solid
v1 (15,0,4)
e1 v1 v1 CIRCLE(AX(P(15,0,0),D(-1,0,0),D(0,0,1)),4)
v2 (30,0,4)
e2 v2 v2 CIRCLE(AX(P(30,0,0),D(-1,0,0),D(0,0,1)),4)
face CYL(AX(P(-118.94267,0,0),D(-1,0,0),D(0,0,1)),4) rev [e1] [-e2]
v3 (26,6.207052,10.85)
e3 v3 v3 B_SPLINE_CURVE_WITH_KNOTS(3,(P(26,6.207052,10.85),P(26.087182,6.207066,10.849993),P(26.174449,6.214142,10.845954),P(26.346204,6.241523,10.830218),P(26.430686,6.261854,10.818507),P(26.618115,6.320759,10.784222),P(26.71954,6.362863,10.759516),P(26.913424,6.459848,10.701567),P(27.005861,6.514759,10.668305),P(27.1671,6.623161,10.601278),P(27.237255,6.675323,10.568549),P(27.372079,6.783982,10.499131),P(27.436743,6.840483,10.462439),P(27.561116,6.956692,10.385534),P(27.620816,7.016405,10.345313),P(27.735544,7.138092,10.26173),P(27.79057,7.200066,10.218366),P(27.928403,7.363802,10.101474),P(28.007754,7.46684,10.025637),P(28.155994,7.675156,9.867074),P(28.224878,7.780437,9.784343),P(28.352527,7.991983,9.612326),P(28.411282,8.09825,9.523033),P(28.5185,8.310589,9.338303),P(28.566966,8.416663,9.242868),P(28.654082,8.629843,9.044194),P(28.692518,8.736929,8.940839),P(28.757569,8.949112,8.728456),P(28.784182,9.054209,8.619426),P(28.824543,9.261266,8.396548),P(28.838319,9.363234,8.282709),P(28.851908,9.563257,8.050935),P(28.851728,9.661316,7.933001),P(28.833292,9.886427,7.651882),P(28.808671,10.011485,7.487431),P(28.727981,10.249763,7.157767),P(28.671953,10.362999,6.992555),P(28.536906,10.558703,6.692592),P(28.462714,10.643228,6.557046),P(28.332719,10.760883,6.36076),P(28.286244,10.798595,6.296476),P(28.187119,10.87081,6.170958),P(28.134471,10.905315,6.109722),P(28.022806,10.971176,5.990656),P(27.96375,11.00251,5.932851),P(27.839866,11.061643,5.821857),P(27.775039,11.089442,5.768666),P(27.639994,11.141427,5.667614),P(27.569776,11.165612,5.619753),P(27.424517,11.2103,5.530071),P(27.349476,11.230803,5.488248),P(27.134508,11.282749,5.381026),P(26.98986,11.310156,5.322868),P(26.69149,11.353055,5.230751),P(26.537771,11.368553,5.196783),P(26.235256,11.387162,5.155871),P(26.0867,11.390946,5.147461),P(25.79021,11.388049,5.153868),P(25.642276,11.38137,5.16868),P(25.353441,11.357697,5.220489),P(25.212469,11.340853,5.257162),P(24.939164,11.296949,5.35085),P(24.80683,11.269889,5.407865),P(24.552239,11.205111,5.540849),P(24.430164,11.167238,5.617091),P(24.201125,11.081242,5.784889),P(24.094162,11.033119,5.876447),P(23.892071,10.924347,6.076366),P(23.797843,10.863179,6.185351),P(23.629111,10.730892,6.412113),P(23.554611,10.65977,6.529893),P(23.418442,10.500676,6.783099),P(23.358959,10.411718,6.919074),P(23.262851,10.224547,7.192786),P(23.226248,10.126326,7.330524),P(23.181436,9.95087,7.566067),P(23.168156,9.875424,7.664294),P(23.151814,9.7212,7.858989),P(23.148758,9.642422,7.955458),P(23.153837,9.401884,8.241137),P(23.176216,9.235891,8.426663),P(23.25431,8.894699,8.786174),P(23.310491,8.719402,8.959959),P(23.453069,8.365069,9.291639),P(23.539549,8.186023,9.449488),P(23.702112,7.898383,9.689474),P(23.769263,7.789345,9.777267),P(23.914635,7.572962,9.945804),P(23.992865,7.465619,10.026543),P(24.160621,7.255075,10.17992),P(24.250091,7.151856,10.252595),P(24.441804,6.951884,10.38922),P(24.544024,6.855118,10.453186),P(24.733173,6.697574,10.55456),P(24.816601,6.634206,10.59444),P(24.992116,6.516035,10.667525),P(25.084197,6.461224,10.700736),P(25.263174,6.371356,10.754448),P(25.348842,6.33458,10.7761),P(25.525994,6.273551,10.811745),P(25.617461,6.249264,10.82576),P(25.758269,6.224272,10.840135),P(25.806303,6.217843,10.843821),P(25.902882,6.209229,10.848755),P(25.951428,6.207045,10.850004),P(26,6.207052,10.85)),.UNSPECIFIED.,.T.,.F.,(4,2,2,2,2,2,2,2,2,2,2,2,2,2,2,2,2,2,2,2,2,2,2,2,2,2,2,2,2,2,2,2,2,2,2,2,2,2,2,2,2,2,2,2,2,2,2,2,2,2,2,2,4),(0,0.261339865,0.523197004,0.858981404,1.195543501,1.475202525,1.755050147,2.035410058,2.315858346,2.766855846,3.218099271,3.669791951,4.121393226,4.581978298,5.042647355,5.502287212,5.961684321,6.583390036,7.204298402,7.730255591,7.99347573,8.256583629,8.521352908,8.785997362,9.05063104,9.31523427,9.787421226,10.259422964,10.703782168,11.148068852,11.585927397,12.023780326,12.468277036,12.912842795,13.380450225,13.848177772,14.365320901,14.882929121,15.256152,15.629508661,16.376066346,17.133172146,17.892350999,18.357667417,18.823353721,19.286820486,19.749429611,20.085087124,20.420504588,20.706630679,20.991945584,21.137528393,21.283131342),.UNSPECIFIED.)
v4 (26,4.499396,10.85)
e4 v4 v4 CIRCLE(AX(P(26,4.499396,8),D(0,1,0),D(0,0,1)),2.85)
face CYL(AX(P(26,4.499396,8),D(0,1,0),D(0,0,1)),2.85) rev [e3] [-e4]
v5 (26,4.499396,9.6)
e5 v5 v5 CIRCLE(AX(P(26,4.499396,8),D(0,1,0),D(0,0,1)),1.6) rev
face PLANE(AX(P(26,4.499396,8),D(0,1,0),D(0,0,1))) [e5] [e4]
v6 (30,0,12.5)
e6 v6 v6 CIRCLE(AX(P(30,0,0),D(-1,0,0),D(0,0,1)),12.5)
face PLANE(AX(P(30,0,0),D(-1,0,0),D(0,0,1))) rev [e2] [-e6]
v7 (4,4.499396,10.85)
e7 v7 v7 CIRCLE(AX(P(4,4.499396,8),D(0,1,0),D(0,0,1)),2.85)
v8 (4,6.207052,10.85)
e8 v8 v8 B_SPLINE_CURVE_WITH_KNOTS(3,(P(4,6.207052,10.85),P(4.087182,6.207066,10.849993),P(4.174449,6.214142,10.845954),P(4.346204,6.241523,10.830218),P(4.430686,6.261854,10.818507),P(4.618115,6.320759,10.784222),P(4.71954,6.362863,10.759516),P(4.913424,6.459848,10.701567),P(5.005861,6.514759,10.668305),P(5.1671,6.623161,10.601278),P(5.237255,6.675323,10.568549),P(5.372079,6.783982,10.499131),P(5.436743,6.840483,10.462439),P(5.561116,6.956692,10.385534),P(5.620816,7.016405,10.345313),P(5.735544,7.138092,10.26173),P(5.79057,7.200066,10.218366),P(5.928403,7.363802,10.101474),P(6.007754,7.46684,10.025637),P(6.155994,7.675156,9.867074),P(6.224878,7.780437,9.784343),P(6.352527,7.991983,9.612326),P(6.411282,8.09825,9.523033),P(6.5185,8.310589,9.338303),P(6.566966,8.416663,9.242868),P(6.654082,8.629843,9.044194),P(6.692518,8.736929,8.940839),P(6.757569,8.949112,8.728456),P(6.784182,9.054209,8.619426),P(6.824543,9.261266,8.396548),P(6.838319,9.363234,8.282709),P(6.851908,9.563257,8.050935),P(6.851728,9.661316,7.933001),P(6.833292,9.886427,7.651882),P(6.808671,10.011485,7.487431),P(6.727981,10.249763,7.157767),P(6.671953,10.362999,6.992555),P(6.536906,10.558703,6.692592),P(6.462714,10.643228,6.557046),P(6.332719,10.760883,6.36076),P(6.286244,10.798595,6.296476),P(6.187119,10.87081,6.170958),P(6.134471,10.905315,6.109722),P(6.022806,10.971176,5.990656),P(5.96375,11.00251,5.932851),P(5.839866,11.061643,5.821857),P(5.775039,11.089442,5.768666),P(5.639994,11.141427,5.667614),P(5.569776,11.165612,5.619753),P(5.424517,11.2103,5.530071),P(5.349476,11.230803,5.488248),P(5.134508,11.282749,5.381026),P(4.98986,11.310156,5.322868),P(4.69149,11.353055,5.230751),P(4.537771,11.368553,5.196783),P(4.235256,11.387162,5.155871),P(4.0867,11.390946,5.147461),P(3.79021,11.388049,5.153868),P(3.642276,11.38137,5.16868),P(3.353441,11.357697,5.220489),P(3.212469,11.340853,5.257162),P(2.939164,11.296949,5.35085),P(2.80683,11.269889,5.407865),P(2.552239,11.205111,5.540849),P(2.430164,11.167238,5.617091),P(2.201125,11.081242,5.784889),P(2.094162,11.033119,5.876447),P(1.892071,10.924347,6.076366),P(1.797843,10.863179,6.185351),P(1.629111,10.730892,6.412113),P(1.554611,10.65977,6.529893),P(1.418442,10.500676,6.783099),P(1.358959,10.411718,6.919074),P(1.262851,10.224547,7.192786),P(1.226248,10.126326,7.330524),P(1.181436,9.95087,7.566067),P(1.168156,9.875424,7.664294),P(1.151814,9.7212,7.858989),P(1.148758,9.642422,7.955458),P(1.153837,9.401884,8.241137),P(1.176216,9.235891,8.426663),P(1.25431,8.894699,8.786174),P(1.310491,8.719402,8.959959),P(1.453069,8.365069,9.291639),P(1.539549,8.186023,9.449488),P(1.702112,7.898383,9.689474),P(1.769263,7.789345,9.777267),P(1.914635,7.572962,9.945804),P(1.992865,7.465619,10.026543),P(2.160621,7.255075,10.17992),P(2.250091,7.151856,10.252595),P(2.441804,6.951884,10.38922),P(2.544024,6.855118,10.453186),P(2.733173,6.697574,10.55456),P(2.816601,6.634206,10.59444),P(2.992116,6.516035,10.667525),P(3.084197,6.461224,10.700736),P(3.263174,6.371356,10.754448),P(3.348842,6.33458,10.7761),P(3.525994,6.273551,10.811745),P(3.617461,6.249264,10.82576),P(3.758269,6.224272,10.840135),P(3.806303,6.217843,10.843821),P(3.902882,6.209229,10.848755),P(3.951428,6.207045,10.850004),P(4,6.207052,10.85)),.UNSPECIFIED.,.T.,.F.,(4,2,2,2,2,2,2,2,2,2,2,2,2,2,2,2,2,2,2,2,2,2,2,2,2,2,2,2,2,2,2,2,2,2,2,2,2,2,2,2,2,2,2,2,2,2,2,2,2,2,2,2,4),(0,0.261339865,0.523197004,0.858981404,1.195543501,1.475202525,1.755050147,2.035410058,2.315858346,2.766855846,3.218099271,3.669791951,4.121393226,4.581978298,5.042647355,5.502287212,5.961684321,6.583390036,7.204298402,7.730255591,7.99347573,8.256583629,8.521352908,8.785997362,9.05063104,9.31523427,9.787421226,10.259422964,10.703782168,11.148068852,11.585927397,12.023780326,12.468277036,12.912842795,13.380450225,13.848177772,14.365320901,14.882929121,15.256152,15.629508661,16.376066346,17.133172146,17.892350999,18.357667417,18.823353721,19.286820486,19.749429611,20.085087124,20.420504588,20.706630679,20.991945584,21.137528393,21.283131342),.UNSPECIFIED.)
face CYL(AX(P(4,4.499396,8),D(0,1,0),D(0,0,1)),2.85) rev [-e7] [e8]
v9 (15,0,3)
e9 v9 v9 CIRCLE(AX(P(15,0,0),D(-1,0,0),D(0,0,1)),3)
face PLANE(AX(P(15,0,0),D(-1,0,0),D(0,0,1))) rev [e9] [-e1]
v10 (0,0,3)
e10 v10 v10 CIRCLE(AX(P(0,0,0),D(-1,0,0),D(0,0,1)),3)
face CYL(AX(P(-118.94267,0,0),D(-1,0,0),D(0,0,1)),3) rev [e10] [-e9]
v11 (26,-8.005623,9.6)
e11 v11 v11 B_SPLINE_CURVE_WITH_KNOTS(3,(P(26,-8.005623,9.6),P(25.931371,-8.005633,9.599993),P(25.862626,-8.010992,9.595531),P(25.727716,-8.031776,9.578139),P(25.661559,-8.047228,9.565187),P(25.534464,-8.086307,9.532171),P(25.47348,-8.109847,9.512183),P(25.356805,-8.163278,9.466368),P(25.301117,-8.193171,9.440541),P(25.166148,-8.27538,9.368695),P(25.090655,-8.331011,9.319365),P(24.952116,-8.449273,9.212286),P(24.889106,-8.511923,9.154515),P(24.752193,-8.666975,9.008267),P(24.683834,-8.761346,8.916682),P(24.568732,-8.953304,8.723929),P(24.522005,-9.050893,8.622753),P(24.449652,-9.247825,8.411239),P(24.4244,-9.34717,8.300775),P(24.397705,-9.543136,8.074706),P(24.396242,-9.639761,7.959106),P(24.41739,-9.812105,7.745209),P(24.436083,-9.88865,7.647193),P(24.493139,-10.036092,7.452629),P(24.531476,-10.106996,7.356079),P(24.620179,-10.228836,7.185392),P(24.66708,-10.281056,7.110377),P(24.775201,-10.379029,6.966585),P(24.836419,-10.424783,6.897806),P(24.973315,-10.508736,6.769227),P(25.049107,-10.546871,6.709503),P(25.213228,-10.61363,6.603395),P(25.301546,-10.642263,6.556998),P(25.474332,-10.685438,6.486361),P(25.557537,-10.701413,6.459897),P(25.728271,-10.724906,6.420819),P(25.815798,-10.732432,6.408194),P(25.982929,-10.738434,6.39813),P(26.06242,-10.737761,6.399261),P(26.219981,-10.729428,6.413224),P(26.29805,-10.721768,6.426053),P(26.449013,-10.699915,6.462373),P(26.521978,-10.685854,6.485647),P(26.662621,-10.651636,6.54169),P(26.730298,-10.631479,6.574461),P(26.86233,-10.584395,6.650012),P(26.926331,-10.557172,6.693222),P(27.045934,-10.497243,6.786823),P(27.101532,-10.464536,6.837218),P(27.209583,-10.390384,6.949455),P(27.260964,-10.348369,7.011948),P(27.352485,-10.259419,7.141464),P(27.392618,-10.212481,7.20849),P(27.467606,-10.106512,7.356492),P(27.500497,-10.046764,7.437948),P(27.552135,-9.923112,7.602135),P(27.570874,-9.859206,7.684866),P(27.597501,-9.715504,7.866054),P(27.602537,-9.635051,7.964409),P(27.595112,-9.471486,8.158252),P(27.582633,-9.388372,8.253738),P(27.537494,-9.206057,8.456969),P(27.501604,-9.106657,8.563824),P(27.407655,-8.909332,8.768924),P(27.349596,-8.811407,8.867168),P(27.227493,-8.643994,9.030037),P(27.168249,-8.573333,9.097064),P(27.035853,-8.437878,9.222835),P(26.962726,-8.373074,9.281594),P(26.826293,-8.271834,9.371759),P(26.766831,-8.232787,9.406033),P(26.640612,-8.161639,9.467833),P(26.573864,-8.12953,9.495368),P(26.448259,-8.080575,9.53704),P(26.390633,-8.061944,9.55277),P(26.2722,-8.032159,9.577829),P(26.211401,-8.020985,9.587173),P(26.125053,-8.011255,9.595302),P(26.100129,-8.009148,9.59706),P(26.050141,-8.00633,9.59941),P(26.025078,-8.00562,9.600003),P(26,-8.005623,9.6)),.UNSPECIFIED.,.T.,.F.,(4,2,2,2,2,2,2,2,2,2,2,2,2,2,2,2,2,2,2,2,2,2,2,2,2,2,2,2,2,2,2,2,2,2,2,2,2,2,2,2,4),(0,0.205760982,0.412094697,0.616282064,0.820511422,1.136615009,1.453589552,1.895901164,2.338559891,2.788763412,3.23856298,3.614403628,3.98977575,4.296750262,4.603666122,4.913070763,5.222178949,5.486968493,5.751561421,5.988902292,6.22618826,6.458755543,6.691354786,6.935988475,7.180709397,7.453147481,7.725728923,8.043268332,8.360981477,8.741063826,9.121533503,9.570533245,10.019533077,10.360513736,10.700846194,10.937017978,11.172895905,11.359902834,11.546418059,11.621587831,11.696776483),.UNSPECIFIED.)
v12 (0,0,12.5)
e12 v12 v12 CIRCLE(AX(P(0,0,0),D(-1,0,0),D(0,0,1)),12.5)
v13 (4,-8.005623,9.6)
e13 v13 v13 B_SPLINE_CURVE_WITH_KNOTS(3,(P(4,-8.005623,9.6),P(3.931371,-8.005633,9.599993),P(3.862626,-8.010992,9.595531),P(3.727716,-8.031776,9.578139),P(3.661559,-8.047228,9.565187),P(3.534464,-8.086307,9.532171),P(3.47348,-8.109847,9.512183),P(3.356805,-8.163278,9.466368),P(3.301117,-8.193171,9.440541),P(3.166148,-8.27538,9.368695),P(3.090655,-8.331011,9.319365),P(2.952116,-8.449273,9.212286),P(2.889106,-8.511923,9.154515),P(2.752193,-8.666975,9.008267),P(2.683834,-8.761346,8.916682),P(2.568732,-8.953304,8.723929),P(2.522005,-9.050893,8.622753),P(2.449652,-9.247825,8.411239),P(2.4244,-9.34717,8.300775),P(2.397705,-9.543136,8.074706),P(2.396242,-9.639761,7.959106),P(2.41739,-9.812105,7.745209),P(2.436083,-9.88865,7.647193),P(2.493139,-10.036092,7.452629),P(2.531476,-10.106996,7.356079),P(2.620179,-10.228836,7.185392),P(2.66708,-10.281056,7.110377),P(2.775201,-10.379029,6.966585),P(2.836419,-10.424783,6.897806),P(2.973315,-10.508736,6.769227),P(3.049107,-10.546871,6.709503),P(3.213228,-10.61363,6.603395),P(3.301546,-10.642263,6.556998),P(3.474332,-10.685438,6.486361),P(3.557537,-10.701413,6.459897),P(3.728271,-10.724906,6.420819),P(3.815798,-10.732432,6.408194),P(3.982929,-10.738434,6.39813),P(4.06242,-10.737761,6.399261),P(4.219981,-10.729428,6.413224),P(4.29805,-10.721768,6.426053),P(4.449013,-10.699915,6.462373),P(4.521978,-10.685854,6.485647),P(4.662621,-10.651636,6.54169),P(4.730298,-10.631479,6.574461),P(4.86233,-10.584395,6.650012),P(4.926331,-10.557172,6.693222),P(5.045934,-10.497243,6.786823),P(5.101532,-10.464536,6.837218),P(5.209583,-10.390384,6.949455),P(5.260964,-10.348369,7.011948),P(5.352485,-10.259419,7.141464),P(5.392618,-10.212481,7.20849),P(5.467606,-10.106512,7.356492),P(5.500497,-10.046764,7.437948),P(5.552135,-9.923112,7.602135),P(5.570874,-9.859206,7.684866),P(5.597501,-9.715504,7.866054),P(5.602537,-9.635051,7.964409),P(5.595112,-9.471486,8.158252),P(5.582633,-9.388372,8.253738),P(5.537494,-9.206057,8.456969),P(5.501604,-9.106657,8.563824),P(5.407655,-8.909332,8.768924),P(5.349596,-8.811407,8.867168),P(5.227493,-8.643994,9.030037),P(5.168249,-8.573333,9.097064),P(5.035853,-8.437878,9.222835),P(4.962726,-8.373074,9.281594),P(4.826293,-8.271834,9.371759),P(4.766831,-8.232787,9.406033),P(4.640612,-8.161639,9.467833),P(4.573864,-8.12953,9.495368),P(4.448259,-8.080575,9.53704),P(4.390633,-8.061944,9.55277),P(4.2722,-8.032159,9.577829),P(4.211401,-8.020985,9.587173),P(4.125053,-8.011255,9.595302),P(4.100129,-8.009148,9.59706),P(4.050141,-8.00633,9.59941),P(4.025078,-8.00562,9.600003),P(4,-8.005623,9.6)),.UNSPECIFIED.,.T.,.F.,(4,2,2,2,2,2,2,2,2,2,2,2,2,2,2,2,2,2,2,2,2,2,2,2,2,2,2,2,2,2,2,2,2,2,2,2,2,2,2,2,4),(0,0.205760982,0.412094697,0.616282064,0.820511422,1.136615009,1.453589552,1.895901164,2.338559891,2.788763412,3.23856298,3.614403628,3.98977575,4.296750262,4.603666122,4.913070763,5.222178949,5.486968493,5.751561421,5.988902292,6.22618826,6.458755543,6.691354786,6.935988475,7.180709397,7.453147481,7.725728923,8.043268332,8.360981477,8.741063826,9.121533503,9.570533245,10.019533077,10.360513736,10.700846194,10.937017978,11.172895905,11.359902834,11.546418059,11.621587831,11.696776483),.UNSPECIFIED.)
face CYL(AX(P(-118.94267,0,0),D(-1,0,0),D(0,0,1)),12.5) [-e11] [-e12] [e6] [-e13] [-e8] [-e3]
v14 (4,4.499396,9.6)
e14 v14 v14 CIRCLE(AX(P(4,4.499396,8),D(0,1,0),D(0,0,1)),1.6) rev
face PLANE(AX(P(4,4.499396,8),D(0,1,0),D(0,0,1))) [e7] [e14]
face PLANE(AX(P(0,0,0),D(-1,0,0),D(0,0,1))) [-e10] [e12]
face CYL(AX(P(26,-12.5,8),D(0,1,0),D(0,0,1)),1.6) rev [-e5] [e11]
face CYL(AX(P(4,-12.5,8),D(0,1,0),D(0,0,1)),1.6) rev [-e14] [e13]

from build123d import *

# Parameters (mm, degrees)
SKETCH_2_R                = 1.6
CUT_EXTRUDE_M3_DEPTH      = 13.5
CUT_EXTRUDE_M3_DEPTH_BACK = 13.5
SKETCH_3_R                = 2.85
CUT_EXTRUDE_993_DEPTH     = 8


with BuildPart() as part:
    # 草图1 → Revolve 643 (revolve)
    with BuildSketch(Plane(origin=(0, 0, 0), x_dir=(1, 0, 0), z_dir=(0, 1, 0))):
        Polygon((0, 12.5), (0, 3), (15, 3), (15, 4), (30, 4), (30, 12.5), align=None)
    revolve(axis=Axis((-118.9426696, 0, 0), (1, 0, 0)))

    # 草图2 → M3孔 (cut, two sides)
    with BuildSketch(Plane(origin=(0, 0, 0), x_dir=(1, 0, 0), z_dir=(0, 1, 0))) as cut_extrude_m3_sk:
        with Locations((4, -8)):
            Circle(SKETCH_2_R)
        with Locations((26, -8)):
            Circle(SKETCH_2_R)
    extrude(amount=CUT_EXTRUDE_M3_DEPTH, mode=Mode.SUBTRACT)
    extrude(cut_extrude_m3_sk.sketch, amount=-CUT_EXTRUDE_M3_DEPTH_BACK, mode=Mode.SUBTRACT)

    # 草图3 → Cut-Extrude 993 (cut)
    with BuildSketch(Plane(origin=(0, 12.499395806, 0), x_dir=(1, 0, 0), z_dir=(0, 1, 0))):
        with Locations((4, -8)):
            Circle(SKETCH_3_R)
        with Locations((26, -8)):
            Circle(SKETCH_3_R)
    extrude(amount=-CUT_EXTRUDE_993_DEPTH, mode=Mode.SUBTRACT)


solid = part.part
